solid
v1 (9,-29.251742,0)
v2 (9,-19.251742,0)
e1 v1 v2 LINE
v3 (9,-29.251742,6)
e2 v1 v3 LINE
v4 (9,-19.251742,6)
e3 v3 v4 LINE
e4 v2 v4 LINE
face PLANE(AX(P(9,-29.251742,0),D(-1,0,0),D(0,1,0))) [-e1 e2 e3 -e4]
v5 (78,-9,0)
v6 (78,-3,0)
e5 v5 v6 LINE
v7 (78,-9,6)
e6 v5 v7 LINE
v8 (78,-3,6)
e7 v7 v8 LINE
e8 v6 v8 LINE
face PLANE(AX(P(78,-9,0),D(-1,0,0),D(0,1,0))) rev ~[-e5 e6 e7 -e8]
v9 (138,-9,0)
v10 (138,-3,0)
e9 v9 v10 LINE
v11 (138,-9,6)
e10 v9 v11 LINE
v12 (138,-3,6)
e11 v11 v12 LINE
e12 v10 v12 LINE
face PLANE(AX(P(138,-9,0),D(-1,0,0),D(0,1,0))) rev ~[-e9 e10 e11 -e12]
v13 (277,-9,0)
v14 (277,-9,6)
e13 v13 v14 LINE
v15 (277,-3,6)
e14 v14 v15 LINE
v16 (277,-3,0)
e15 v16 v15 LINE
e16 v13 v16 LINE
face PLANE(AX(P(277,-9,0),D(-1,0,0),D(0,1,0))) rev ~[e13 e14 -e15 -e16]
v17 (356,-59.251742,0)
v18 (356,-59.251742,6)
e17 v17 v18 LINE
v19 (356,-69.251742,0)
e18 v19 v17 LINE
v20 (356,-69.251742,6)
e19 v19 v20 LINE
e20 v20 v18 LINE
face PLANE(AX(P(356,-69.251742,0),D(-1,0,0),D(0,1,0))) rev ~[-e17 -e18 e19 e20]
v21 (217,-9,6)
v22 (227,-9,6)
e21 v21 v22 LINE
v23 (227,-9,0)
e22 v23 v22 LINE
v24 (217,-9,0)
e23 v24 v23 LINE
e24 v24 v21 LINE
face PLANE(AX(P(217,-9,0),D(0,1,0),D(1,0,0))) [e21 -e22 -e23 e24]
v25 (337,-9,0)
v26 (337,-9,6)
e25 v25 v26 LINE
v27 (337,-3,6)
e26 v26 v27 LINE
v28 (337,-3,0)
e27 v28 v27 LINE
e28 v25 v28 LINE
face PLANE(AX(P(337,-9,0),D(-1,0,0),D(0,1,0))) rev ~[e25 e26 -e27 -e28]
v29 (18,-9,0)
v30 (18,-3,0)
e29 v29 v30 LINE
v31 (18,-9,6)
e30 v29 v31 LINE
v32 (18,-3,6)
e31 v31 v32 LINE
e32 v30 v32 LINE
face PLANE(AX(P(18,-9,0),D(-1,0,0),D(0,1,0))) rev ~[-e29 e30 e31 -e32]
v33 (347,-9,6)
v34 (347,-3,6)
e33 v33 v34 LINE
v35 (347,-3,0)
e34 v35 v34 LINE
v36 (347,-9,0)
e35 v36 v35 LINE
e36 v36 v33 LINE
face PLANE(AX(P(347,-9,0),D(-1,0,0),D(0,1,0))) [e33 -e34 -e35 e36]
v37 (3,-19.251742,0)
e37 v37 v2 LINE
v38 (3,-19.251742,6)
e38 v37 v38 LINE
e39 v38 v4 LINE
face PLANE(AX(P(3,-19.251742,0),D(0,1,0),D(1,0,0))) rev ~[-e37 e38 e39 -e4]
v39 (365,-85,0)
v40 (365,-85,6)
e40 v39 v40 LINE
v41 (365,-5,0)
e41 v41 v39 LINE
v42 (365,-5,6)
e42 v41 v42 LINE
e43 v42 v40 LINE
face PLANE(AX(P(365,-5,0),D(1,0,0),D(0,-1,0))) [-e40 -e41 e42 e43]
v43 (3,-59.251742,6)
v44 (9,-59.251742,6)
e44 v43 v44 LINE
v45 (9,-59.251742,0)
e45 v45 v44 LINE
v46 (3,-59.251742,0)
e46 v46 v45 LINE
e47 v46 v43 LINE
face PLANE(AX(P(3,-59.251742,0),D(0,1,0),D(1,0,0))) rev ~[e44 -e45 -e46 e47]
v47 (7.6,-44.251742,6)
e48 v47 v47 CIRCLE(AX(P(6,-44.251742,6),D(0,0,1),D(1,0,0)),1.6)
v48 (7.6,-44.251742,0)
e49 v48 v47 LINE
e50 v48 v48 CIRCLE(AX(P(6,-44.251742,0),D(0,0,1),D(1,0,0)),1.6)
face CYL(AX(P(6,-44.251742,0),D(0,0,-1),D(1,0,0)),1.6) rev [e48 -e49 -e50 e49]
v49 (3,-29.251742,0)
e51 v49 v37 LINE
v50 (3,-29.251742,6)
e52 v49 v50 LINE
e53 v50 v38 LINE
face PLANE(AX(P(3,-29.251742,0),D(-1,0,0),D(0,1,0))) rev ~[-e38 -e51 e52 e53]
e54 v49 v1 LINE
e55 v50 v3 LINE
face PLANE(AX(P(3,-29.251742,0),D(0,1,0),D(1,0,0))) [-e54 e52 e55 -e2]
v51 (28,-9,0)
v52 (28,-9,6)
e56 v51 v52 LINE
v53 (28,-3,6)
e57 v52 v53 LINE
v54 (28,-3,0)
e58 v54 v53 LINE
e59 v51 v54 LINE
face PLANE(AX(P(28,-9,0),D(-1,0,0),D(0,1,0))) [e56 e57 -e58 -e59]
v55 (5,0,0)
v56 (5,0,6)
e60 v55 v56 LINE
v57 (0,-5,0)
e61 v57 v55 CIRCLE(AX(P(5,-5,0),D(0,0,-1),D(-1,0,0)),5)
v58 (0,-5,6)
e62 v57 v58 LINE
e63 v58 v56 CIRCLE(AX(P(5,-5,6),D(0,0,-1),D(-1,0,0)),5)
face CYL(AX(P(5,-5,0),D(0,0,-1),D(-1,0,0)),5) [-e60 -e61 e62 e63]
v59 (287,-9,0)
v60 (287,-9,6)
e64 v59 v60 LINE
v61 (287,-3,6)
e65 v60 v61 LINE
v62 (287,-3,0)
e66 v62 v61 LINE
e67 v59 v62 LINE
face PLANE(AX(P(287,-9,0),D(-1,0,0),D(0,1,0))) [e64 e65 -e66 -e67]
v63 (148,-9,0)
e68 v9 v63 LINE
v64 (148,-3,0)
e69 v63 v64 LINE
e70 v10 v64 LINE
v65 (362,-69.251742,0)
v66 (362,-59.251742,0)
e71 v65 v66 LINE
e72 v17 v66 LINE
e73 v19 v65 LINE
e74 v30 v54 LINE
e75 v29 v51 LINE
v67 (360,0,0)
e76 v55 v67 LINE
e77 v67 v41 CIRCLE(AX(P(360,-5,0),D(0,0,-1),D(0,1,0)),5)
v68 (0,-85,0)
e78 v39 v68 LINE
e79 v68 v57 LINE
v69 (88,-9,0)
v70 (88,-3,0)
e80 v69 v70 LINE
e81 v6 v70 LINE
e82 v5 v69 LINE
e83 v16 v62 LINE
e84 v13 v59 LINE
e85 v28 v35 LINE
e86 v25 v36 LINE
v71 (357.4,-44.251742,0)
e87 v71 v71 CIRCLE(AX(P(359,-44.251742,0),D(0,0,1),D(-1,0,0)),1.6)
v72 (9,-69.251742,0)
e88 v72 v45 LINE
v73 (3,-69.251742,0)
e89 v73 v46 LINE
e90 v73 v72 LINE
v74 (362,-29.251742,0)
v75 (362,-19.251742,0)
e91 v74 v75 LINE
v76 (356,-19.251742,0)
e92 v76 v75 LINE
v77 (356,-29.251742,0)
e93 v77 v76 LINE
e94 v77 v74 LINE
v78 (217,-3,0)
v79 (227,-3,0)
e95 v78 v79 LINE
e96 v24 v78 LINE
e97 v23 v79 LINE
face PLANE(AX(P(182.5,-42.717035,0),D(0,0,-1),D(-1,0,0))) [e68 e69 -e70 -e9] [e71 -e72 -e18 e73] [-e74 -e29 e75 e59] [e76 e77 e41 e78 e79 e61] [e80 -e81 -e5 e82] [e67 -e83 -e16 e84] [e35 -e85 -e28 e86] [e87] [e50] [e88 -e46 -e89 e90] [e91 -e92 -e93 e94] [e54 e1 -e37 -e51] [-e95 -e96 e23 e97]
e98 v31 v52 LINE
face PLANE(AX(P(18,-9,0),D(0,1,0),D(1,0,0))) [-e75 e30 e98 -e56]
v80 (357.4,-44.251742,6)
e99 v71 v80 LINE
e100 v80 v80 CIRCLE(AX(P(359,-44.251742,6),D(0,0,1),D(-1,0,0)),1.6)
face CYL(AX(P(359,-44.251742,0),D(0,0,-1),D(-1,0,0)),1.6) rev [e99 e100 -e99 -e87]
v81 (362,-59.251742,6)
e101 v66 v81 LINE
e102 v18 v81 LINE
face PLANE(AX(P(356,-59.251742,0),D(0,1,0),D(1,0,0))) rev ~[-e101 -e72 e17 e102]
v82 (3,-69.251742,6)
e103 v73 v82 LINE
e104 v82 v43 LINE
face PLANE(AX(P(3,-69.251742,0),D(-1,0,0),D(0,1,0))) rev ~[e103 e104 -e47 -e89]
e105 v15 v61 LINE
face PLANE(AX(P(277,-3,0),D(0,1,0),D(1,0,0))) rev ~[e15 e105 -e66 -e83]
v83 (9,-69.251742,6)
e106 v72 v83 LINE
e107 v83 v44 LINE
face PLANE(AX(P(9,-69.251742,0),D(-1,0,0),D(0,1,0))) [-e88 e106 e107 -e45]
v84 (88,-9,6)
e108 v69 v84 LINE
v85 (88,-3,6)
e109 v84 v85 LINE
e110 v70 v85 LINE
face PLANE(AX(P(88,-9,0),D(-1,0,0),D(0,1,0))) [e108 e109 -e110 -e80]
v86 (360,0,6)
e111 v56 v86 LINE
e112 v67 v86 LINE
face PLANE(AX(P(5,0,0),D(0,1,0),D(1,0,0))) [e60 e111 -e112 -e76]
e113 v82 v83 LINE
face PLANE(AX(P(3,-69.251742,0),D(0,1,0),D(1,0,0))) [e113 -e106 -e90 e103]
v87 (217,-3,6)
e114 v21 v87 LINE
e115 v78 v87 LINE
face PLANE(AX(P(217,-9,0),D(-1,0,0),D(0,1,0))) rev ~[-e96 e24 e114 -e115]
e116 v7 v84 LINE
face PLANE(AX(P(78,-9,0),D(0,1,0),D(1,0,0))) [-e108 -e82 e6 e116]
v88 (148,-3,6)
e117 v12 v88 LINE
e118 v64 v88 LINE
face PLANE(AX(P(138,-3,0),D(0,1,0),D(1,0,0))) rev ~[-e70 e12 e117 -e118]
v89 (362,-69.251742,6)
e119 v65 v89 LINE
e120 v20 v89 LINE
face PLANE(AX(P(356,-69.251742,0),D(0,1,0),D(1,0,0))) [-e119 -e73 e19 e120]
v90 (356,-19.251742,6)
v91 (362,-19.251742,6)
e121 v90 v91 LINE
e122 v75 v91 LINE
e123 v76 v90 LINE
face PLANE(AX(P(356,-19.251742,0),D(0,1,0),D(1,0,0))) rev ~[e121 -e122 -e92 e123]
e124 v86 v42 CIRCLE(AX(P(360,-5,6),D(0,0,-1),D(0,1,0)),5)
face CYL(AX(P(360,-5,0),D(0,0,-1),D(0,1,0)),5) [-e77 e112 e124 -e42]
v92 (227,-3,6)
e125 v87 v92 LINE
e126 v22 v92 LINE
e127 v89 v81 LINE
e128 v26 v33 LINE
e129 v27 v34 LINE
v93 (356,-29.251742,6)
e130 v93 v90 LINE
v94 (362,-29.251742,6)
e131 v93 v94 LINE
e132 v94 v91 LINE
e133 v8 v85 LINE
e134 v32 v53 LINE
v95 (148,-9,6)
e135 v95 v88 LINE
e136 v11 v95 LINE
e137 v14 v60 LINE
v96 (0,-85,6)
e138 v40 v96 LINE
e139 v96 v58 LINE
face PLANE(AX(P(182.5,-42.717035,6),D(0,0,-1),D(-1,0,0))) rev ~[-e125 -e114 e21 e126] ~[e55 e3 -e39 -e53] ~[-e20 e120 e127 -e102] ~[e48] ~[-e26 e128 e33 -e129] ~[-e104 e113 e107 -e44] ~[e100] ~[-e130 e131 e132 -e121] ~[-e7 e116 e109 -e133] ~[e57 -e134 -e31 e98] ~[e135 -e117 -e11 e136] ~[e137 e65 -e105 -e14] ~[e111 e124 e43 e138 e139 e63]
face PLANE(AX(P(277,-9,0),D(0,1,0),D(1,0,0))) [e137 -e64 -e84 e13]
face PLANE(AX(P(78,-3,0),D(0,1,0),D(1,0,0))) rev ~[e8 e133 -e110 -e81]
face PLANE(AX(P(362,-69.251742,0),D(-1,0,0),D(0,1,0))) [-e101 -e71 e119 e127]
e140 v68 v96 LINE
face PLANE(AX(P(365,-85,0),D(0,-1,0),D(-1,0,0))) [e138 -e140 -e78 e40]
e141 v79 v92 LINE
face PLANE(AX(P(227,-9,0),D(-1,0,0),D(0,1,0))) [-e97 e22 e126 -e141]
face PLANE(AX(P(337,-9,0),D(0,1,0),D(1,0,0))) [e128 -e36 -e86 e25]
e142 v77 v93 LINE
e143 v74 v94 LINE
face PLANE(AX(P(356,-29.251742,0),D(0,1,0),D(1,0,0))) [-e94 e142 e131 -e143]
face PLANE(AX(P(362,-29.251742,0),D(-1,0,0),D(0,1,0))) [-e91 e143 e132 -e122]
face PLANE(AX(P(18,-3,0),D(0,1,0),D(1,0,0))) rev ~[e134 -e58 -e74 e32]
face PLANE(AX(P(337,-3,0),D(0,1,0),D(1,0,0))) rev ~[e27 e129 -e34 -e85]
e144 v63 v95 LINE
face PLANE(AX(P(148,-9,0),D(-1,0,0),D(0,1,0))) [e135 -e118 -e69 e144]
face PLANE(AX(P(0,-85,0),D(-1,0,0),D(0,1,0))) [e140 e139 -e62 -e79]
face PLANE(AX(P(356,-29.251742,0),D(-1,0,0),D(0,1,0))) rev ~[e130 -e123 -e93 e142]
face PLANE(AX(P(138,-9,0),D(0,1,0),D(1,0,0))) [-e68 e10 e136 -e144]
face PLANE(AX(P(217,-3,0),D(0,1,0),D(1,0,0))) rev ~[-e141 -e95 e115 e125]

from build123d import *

# Parameters (mm, degrees)
SKETCH_1_R      = 1.6
SKETCH_1_W      = 6
SKETCH_1_H      = 10
SKETCH_1_W_2    = 10
SKETCH_1_H_2    = 6
EXTRUDE_1_DEPTH = 6


with BuildPart() as part:
    # Эскиз1 → Бобышка-Вытянуть1 (new body)
    with BuildSketch(Plane.XY):
        with BuildLine():
            Line((5, 0), (360, 0))
            ThreePointArc((360, 0), (363.535533906, -1.464466094), (365, -5))
            Line((365, -5), (365, -85))
            Line((365, -85), (0, -85))
            Line((0, -85), (0, -5))
            ThreePointArc((0, -5), (1.464466094, -1.464466094), (5, 0))
        make_face()
        with Locations((6, -44.251742496)):
            Circle(SKETCH_1_R, mode=Mode.SUBTRACT)
        with Locations(Location((359, -44.251742496, 0), (0, 0, 180))):
            Circle(SKETCH_1_R, mode=Mode.SUBTRACT)
        with Locations((6, -64.251742496)):
            Rectangle(SKETCH_1_W, SKETCH_1_H, mode=Mode.SUBTRACT)
        with Locations((6, -24.251742496)):
            Rectangle(SKETCH_1_W, SKETCH_1_H, mode=Mode.SUBTRACT)
        with Locations((359, -24.251742496)):
            Rectangle(SKETCH_1_W, SKETCH_1_H, mode=Mode.SUBTRACT)
        with Locations((359, -64.251742496)):
            Rectangle(SKETCH_1_W, SKETCH_1_H, mode=Mode.SUBTRACT)
        with Locations((83, -6)):
            Rectangle(SKETCH_1_W_2, SKETCH_1_H_2, mode=Mode.SUBTRACT)
        with Locations((23, -6)):
            Rectangle(SKETCH_1_W_2, SKETCH_1_H_2, mode=Mode.SUBTRACT)
        with Locations((143, -6)):
            Rectangle(SKETCH_1_W_2, SKETCH_1_H_2, mode=Mode.SUBTRACT)
        with Locations((222, -6)):
            Rectangle(SKETCH_1_W_2, SKETCH_1_H_2, mode=Mode.SUBTRACT)
        with Locations((282, -6)):
            Rectangle(SKETCH_1_W_2, SKETCH_1_H_2, mode=Mode.SUBTRACT)
        with Locations((342, -6)):
            Rectangle(SKETCH_1_W_2, SKETCH_1_H_2, mode=Mode.SUBTRACT)
    extrude(amount=EXTRUDE_1_DEPTH)


solid = part.part
